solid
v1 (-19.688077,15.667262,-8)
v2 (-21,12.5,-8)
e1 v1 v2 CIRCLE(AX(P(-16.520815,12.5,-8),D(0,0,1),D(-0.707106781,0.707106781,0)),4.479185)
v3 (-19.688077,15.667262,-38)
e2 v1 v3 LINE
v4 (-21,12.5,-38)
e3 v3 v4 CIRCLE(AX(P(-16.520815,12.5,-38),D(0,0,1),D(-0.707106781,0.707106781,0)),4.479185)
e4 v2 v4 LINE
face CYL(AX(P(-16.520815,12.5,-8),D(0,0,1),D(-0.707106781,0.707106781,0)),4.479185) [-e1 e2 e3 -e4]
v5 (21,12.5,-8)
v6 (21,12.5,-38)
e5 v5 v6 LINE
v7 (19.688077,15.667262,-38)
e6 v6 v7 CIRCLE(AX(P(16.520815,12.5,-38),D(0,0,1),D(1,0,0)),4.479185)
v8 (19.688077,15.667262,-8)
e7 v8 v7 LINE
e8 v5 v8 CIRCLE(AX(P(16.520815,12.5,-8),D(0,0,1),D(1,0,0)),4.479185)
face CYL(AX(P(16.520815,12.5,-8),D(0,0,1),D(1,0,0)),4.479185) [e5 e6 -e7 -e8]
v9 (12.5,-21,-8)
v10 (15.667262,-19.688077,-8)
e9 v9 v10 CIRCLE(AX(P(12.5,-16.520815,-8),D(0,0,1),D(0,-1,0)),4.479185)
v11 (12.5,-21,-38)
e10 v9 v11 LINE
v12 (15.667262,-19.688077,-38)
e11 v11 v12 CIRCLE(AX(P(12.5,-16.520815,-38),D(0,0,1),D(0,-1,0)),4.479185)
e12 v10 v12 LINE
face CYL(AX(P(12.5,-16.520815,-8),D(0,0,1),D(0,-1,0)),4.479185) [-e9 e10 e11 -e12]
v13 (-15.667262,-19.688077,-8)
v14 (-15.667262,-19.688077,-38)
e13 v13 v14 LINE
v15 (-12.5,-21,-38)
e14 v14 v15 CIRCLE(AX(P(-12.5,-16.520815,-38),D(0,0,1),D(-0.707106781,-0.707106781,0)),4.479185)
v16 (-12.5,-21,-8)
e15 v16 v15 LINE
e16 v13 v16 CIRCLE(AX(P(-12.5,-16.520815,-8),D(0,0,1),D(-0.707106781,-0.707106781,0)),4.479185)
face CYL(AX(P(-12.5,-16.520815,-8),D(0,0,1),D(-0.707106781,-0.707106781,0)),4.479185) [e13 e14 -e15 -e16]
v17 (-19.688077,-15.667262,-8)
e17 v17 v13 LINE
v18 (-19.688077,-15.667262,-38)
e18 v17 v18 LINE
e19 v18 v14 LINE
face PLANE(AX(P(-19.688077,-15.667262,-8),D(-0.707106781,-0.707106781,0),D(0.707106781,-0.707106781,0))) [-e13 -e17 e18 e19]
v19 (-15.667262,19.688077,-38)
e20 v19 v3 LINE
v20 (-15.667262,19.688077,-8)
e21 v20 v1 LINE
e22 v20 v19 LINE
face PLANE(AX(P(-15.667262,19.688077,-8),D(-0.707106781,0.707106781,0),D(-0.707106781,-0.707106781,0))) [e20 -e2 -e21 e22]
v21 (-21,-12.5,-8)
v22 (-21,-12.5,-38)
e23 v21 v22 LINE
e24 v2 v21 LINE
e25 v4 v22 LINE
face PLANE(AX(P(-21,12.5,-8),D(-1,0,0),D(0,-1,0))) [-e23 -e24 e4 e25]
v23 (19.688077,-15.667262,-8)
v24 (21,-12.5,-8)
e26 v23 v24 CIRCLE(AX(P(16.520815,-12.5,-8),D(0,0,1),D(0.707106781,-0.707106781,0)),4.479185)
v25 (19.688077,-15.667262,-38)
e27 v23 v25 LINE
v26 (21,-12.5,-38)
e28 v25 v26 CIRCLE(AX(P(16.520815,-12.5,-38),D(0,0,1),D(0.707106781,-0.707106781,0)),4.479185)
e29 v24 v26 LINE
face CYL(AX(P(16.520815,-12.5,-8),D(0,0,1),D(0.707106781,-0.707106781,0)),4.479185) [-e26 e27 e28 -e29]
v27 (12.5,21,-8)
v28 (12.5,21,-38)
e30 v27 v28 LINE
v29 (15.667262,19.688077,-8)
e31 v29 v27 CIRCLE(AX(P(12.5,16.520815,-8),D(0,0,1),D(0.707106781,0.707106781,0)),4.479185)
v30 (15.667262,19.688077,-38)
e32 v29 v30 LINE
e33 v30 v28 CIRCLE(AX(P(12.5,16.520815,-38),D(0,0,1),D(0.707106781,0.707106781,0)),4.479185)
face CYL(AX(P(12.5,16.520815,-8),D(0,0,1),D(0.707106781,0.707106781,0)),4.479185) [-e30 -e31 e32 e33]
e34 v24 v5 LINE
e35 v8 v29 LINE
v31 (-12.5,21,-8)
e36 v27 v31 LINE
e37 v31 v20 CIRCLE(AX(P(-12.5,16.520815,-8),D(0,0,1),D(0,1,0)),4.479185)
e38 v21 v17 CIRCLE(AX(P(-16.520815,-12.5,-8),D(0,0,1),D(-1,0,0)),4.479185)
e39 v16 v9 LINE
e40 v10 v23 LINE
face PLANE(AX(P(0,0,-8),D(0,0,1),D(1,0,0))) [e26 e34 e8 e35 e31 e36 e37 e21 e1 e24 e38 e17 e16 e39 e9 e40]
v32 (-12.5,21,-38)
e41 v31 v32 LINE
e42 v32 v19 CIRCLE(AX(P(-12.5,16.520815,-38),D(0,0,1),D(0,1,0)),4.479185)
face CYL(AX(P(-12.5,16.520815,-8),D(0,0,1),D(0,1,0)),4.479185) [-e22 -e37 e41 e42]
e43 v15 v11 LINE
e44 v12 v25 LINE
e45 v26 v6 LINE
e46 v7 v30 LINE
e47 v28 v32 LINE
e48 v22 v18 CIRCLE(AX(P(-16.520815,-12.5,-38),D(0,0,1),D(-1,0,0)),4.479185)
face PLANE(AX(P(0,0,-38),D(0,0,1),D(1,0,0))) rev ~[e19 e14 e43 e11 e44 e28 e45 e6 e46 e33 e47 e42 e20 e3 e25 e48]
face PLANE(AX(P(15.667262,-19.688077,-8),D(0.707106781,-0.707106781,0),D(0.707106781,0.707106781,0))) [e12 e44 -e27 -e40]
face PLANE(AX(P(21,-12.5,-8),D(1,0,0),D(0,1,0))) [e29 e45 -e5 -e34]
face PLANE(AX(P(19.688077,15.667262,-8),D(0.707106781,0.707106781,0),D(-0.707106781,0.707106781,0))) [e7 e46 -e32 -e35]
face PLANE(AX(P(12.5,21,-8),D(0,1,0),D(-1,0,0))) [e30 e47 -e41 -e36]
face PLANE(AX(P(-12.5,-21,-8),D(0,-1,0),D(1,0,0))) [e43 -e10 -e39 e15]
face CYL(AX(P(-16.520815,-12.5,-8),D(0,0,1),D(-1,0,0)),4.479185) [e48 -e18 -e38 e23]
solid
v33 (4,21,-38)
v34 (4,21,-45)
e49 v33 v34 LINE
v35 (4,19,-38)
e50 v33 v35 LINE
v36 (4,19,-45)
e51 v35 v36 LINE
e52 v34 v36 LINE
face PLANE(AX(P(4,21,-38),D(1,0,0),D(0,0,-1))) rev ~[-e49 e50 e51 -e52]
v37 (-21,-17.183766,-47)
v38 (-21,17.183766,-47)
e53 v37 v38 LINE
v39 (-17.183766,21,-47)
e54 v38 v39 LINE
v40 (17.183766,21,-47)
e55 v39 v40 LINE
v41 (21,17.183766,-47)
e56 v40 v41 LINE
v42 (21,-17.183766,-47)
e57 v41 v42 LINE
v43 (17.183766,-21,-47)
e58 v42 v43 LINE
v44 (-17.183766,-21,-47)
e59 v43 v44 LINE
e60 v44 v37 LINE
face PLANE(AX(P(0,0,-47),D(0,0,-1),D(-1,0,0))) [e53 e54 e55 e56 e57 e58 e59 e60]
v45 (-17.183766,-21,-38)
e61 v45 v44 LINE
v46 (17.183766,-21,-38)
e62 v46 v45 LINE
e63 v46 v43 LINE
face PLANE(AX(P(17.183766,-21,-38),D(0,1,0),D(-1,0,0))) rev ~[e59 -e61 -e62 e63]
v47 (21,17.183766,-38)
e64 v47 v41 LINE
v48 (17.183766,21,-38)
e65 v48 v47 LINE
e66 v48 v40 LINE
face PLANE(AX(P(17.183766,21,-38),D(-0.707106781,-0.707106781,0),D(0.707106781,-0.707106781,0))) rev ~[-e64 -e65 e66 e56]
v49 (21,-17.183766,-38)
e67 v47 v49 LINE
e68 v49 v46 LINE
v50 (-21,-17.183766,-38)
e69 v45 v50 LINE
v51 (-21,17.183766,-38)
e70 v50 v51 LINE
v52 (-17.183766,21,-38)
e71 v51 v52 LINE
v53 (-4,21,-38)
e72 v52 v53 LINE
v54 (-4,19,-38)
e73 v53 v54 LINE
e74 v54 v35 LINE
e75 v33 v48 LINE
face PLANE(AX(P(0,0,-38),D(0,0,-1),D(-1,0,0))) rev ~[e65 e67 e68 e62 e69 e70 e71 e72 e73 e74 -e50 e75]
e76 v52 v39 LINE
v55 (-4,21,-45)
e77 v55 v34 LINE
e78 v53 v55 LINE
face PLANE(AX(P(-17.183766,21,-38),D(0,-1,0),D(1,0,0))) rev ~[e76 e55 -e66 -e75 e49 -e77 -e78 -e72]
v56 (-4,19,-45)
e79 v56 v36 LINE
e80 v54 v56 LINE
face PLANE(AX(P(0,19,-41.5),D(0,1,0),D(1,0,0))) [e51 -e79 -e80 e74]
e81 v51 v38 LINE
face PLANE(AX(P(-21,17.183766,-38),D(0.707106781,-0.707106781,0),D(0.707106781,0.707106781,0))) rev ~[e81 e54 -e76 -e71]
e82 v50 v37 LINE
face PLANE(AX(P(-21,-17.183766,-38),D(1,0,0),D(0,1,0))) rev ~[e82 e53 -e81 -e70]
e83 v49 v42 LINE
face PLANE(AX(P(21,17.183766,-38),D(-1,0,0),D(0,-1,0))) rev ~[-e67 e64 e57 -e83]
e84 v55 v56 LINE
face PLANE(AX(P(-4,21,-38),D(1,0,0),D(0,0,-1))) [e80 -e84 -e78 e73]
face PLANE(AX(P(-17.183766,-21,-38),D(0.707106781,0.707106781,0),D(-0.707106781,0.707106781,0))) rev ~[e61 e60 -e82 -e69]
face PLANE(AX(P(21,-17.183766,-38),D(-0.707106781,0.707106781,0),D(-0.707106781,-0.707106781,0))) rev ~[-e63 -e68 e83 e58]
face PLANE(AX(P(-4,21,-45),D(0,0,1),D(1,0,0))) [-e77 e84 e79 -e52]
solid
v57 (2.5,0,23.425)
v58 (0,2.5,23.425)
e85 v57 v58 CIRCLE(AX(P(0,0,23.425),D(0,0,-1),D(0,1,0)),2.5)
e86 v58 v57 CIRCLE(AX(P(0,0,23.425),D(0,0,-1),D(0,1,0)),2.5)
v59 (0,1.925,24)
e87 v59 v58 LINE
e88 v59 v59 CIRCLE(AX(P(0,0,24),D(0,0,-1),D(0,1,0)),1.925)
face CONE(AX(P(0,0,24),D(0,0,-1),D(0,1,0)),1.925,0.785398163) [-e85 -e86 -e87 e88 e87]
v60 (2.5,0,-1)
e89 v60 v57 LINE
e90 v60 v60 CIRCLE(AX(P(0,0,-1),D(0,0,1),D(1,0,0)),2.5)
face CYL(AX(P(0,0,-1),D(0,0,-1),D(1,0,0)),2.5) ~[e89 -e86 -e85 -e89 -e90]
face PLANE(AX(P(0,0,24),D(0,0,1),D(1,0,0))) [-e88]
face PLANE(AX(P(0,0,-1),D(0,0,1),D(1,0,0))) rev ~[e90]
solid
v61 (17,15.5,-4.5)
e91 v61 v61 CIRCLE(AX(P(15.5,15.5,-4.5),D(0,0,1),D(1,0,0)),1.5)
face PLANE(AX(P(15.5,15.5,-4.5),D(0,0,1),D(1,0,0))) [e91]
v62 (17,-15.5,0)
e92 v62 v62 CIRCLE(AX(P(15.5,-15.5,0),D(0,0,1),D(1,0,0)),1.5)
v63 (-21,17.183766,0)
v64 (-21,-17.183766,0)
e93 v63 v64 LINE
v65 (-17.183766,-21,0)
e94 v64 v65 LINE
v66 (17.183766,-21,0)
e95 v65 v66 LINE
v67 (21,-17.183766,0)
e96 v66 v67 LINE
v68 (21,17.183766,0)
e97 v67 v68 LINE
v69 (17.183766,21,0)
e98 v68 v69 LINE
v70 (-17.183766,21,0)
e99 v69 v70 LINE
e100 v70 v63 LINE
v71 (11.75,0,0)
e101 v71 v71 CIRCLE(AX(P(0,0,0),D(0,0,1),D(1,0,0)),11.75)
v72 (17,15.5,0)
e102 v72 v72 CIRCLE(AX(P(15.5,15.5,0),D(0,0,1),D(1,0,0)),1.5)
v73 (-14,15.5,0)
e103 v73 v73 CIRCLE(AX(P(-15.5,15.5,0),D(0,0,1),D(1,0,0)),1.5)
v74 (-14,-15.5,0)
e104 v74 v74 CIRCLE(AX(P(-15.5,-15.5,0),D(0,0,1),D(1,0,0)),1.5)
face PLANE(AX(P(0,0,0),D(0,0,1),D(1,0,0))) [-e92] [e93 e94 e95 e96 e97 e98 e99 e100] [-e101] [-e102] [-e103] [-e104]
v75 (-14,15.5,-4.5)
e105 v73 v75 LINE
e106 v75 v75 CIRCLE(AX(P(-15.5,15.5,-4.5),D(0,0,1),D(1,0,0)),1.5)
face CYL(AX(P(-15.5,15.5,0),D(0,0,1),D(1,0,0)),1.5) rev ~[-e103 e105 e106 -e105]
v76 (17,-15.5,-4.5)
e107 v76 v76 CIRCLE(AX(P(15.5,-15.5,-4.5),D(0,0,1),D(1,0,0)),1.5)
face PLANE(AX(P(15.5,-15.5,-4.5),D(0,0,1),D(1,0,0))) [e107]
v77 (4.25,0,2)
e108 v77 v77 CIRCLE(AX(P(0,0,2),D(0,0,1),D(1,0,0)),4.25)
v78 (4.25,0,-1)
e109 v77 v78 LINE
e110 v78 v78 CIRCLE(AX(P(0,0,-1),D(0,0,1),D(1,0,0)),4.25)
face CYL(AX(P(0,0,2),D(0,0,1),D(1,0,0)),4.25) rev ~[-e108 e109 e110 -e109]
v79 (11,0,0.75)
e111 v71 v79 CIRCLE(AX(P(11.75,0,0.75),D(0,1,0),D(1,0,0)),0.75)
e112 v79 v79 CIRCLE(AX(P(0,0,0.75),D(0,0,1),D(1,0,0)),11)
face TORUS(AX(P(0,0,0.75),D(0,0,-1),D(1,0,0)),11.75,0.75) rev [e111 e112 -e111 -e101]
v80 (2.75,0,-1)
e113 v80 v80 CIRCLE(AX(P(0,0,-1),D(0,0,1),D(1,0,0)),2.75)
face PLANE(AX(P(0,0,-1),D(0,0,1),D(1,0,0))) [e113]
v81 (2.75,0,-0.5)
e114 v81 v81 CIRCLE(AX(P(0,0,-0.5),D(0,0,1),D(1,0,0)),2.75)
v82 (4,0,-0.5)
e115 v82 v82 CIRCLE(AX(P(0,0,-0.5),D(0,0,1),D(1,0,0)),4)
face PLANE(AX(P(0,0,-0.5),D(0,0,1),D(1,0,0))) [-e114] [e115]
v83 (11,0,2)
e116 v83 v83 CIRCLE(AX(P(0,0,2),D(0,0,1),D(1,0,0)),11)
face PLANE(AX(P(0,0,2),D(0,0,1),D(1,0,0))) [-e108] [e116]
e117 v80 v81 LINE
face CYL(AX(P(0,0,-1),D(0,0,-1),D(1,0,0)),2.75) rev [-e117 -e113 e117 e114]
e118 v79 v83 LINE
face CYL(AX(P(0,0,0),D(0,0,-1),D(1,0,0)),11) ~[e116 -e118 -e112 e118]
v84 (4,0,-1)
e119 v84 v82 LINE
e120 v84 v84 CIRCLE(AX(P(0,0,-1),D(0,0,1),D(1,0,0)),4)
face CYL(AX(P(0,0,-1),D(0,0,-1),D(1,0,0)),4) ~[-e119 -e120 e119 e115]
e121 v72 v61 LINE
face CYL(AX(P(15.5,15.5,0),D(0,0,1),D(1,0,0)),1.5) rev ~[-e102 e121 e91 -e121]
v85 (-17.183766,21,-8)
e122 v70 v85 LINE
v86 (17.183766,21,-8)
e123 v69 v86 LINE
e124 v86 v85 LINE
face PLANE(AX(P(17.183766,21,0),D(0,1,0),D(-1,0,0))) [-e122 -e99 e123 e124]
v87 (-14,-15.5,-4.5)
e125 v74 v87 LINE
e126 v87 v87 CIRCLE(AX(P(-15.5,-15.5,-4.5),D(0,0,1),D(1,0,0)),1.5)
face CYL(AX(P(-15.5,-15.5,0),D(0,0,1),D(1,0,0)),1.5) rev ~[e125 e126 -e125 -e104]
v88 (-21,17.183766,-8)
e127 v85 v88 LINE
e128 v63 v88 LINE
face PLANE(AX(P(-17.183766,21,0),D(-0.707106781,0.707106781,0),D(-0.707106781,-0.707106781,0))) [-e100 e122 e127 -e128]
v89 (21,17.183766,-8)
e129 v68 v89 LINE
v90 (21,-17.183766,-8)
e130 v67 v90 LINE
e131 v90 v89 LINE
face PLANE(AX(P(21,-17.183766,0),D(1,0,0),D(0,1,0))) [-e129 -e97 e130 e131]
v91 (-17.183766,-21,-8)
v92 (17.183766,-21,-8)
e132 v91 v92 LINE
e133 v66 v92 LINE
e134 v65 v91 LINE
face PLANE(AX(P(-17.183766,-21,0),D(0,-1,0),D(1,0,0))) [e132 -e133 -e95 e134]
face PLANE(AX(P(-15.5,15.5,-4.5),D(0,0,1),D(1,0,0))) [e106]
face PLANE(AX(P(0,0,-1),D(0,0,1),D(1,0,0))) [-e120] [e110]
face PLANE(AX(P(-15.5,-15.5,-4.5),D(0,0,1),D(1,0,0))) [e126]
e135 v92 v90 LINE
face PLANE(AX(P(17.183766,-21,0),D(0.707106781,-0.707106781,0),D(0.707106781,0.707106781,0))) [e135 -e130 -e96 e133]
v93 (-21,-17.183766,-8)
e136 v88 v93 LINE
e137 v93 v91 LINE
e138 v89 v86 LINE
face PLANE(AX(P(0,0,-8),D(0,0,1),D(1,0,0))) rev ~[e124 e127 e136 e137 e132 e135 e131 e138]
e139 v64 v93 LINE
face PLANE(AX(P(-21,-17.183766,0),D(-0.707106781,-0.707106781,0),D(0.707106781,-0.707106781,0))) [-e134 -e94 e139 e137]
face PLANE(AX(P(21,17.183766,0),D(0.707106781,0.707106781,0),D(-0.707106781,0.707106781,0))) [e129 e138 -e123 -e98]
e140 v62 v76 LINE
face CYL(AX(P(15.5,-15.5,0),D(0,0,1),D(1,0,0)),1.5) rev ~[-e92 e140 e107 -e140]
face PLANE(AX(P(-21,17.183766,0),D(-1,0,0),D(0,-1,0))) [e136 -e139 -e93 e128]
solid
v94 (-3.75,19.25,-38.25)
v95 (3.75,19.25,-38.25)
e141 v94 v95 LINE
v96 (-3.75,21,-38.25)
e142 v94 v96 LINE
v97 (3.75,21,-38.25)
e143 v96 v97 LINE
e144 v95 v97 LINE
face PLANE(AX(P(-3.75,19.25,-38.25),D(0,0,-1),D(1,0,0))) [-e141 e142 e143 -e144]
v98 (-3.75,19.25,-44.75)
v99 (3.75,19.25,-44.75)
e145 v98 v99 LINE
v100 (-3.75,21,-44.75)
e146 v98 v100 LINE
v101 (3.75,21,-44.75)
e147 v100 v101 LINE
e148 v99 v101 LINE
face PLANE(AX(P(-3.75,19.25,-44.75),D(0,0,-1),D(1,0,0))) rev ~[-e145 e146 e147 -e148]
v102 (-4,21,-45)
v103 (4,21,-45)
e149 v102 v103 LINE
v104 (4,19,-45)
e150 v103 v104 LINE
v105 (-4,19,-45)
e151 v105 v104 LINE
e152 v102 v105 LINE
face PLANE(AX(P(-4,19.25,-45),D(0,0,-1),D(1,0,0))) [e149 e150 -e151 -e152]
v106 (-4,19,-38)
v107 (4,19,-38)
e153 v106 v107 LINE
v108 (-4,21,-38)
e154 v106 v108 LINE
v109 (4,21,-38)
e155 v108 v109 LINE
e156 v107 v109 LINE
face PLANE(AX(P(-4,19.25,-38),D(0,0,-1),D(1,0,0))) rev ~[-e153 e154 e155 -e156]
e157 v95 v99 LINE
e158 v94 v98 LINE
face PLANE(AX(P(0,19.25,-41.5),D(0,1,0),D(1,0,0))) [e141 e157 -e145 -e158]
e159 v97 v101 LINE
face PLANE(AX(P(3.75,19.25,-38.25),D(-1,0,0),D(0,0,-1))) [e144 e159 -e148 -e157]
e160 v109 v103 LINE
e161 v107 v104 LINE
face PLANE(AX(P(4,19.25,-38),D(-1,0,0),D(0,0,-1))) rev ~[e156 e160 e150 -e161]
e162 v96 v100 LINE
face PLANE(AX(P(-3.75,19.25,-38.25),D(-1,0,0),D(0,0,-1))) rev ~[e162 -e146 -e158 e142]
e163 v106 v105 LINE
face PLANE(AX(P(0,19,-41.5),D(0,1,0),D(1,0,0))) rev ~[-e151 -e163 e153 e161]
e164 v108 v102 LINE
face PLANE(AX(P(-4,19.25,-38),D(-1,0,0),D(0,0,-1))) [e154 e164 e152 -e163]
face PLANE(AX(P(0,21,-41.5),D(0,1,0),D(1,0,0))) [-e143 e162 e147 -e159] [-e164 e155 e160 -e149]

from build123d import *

# Parameters (mm, degrees)
BOSS_EXTRUDE1_DEPTH = 8
BOSS_EXTRUDE2_DEPTH = 30
BOSS_EXTRUDE3_DEPTH = 9
SKETCH5_R           = 1.5
CUT_EXTRUDE1_DEPTH  = 4.5
SKETCH6_R           = 11
BOSS_EXTRUDE4_DEPTH = 2
SKETCH9_R           = 4.25
CUT_EXTRUDE2_DEPTH  = 3
SKETCH8_R           = 2.5
BOSS_EXTRUDE5_DEPTH = 25
SKETCH11_R          = 4
SKETCH11_R_2        = 2.75
BOSS_EXTRUDE6_DEPTH = 0.5
FILLET1_R           = 0.75
SKETCH13_W          = 8
SKETCH13_H          = 7
CUT_EXTRUDE3_DEPTH  = 2
SKETCH14_W          = 8
SKETCH14_H          = 7
BOSS_EXTRUDE7_DEPTH = 0.25
SKETCH15_W          = 8
SKETCH15_H          = 7
SKETCH15_W_2        = 7.5
SKETCH15_H_2        = 6.5
BOSS_EXTRUDE8_DEPTH = 1.75


with BuildPart() as part:
    # Sketch1 → Boss-Extrude1 (new body)
    with BuildSketch(Plane.XY):
        Polygon((17.183766184, 21), (-17.183766184, 21), (-21, 17.183766184), (-21, -17.183766184), (-17.183766184, -21), (17.183766184, -21), (21, -17.183766184), (21, 17.183766184), align=None)
    extrude(amount=-BOSS_EXTRUDE1_DEPTH)

    # Sketch5 → Cut-Extrude1 (cut)
    with BuildSketch(Plane.XY):
        with Locations((-15.5, 15.5)):
            Circle(SKETCH5_R)
        with Locations((15.5, 15.5)):
            Circle(SKETCH5_R)
        with Locations((15.5, -15.5)):
            Circle(SKETCH5_R)
        with Locations((-15.5, -15.5)):
            Circle(SKETCH5_R)
    extrude(amount=-CUT_EXTRUDE1_DEPTH, mode=Mode.SUBTRACT)

    # Sketch6 → Boss-Extrude4 (add)
    with BuildSketch(Plane.XY):
        Circle(SKETCH6_R)
    extrude(amount=BOSS_EXTRUDE4_DEPTH)

    # Sketch9 → Cut-Extrude2 (cut)
    with BuildSketch(Plane.XY.offset(2)):
        Circle(SKETCH9_R)
    extrude(amount=-CUT_EXTRUDE2_DEPTH, mode=Mode.SUBTRACT)

    # Sketch11 → Boss-Extrude6 (add)
    with BuildSketch(Plane.XY.offset(-1)):
        Circle(SKETCH11_R)
        Circle(SKETCH11_R_2, mode=Mode.SUBTRACT)
    extrude(amount=BOSS_EXTRUDE6_DEPTH)

    # Fillet1
    fillet1_edges = [part.edges().sort_by_distance(p)[0] for p in [
        (-11, 0, 0),
    ]]
    fillet(fillet1_edges, radius=FILLET1_R)


with BuildPart() as body_2:
    # Sketch3 → Boss-Extrude2 (new body)
    with BuildSketch(Plane(origin=(0, 0, -8), x_dir=(-1, 0, 0), z_dir=(0, 0, -1))):
        with BuildLine():
            Line((-19.68807717, 15.66726189), (-15.66726189, 19.68807717))
            ThreePointArc((-15.66726189, 19.68807717), (-14.214109783, 20.659042365), (-12.5, 21))
            Line((-12.5, 21), (12.5, 21))
            ThreePointArc((12.5, 21), (14.214109783, 20.659042365), (15.66726189, 19.68807717))
            Line((15.66726189, 19.68807717), (19.68807717, 15.66726189))
            ThreePointArc((19.68807717, 15.66726189), (20.659042365, 14.214109783), (21, 12.5))
            Line((21, 12.5), (21, -12.5))
            ThreePointArc((21, -12.5), (20.659042365, -14.214109783), (19.68807717, -15.66726189))
            Line((19.68807717, -15.66726189), (15.66726189, -19.68807717))
            ThreePointArc((15.66726189, -19.68807717), (14.214109783, -20.659042365), (12.5, -21))
            Line((12.5, -21), (-12.5, -21))
            ThreePointArc((-12.5, -21), (-14.214109783, -20.659042365), (-15.66726189, -19.68807717))
            Line((-15.66726189, -19.68807717), (-19.68807717, -15.66726189))
            ThreePointArc((-19.68807717, -15.66726189), (-20.659042365, -14.214109783), (-21, -12.5))
            Line((-21, -12.5), (-21, 12.5))
            ThreePointArc((-21, 12.5), (-20.659042365, 14.214109783), (-19.68807717, 15.66726189))
        make_face()
    extrude(amount=BOSS_EXTRUDE2_DEPTH)


with BuildPart() as body_3:
    # Sketch4 → Boss-Extrude3 (new body)
    with BuildSketch(Plane(origin=(0, 0, -38), x_dir=(-1, 0, 0), z_dir=(0, 0, -1))):
        Polygon((-17.183766184, 21), (-21, 17.183766184), (-21, -17.183766184), (-17.183766184, -21), (17.183766184, -21), (21, -17.183766184), (21, 17.183766184), (17.183766184, 21), align=None)
    extrude(amount=BOSS_EXTRUDE3_DEPTH)

    # Sketch13 → Cut-Extrude3 (cut)
    with BuildSketch(Plane(origin=(0, 21, 0), x_dir=(1, 0, 0), z_dir=(0, 1, 0))):
        with Locations((0, 41.5)):
            Rectangle(SKETCH13_W, SKETCH13_H)
    extrude(amount=-CUT_EXTRUDE3_DEPTH, mode=Mode.SUBTRACT)


with BuildPart() as body_4:
    # Sketch8 → Boss-Extrude5 (new body)
    with BuildSketch(Plane.XY.offset(-1)):
        Circle(SKETCH8_R)
    extrude(amount=BOSS_EXTRUDE5_DEPTH)

    # Sketch12 → Cut-Revolve1 (revolve, cut)
    with BuildSketch(Plane(origin=(0, 0, 0), x_dir=(0, 0, -1), z_dir=(1, 0, 0))):
        Polygon((-24, 1.925), (-23.425, 2.5), (-24, 2.5), align=None)
    revolve(axis=Axis((0, 0, 24), (0, 0, -1)), mode=Mode.SUBTRACT)


with BuildPart() as body_5:
    # Sketch14 → Boss-Extrude7 (new body)
    with BuildSketch(Plane(origin=(0, 19, 0), x_dir=(1, 0, 0), z_dir=(0, 1, 0))):
        with Locations((0, 41.5)):
            Rectangle(SKETCH14_W, SKETCH14_H)
    extrude(amount=BOSS_EXTRUDE7_DEPTH)

    # Sketch15 → Boss-Extrude8 (add)
    with BuildSketch(Plane(origin=(0, 19.25, 0), x_dir=(1, 0, 0), z_dir=(0, 1, 0))):
        with Locations((0, 41.5)):
            Rectangle(SKETCH15_W, SKETCH15_H)
        with Locations((0, 41.5)):
            Rectangle(SKETCH15_W_2, SKETCH15_H_2, mode=Mode.SUBTRACT)
    extrude(amount=BOSS_EXTRUDE8_DEPTH)


solid = Compound([part.part, body_2.part, body_3.part, body_4.part, body_5.part])
